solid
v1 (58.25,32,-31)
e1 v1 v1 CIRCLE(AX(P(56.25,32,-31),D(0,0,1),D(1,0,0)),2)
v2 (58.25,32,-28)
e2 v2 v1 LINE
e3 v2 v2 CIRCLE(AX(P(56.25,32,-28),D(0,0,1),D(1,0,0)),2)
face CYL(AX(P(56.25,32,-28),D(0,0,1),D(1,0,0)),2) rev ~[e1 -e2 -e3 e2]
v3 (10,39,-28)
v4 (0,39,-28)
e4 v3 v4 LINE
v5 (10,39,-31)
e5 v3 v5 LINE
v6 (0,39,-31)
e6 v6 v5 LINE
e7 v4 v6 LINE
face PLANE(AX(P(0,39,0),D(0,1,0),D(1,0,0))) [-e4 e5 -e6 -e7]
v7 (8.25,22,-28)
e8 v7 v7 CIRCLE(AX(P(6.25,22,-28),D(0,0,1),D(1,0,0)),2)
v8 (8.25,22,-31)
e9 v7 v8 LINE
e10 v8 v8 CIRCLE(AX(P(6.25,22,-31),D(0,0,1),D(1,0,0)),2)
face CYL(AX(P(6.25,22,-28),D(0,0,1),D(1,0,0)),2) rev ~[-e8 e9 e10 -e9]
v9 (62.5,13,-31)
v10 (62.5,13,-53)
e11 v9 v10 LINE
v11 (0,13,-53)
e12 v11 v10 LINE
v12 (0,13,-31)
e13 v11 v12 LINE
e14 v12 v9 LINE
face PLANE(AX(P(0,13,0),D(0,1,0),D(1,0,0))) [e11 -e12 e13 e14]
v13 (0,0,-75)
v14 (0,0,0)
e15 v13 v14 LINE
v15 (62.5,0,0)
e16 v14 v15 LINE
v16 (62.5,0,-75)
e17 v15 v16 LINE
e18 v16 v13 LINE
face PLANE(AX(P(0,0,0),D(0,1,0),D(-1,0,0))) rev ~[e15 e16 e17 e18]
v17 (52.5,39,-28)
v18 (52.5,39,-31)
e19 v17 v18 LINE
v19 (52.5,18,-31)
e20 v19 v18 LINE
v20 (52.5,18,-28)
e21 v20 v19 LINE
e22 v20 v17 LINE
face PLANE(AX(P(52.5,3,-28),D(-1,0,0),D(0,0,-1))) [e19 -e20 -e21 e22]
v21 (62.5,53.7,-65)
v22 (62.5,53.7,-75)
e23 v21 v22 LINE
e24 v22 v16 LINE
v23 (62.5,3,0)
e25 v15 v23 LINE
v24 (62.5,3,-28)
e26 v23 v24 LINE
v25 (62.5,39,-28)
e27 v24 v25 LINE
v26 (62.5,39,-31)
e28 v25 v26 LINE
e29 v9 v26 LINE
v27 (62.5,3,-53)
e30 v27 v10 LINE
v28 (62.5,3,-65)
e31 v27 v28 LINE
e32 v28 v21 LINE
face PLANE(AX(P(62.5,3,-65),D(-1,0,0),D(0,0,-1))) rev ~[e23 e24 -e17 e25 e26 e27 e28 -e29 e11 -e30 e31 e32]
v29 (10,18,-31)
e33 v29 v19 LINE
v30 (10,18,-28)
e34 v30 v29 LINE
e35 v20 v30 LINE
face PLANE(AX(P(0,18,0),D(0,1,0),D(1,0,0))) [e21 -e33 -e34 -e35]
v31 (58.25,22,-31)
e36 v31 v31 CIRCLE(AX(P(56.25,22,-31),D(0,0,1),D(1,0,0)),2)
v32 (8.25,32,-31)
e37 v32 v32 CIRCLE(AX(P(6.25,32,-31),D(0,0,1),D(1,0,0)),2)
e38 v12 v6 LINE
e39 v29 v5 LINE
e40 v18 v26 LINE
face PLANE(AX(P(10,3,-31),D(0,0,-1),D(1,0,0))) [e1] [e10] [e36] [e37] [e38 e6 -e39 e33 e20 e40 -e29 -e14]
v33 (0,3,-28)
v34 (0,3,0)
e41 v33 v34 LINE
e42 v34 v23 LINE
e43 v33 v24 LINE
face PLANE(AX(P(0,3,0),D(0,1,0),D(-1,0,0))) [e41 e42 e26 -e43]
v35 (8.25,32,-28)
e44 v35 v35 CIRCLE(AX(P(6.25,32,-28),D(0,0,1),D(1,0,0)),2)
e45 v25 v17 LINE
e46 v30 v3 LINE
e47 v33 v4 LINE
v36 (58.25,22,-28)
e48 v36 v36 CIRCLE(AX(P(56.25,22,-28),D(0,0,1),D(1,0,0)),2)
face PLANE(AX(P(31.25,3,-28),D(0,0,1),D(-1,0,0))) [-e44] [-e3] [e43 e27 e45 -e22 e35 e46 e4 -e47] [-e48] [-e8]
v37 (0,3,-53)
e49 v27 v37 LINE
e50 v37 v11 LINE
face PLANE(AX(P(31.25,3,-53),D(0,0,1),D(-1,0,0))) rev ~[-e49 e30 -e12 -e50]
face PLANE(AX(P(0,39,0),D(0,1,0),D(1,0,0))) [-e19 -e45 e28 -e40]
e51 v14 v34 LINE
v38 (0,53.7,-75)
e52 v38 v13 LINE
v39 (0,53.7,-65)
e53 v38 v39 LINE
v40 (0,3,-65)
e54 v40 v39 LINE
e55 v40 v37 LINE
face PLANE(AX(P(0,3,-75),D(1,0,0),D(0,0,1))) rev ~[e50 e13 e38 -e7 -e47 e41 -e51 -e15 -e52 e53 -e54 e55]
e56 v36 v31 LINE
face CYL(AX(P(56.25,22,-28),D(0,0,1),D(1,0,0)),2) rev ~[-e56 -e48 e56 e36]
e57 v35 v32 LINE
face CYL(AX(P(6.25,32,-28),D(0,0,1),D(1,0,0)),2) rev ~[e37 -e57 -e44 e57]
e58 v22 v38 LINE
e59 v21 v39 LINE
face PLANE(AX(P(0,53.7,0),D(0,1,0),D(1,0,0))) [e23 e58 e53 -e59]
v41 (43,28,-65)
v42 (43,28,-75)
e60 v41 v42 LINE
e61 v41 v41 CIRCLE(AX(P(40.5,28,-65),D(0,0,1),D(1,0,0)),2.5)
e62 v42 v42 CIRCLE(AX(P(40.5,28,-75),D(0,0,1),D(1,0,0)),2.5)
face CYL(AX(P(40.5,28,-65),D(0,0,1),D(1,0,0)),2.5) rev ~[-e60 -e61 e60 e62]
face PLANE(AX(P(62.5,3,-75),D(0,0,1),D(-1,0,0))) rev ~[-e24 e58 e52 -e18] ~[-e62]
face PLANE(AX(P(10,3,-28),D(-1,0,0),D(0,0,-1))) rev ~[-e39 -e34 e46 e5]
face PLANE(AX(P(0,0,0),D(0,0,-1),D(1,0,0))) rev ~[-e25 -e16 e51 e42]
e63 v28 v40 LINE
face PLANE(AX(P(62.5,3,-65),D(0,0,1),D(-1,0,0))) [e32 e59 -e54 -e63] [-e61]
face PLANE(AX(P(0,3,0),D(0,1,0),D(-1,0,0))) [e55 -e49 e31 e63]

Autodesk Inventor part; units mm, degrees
ref_plane "YZ Plane" through (0, 0, 0) normal (1, 0, 0) x (0, 1, 0)
ref_plane "XZ Plane" through (0, 0, 0) normal (0, 1, 0) x (-1, 0, 0)
ref_plane "XY Plane" through (0, 0, 0) normal (0, 0, 1) x (1, 0, 0)
sketch "Boceto1" plane through (0, 0, 0) normal (0, 1, 0) x (-1, 0, 0)
  line L0 (0, 0) -> (-62.5, 0)
  line L1 (-62.5, 0) -> (-62.5, -75)
  line L2 (-62.5, -75) -> (0, -75)
  line L3 (0, -75) -> (0, 0)
  dimension "d0" = 62.5
  dimension "d1" = 75
extrude "Extrusión1" add sketch "Boceto1" along normal blind 3
sketch "Boceto3" plane through (0, 3, 0) normal (0, 1, 0) x (1, 0, 0)
  line L0 (0, 0) -> (62.5, 0) construction
  line L1 (31.25, 0) -> (31.25, 28) construction
  line L2 (31.25, 28) -> (0, 28)
  line L3 (0, 28) -> (0, 31)
  line L4 (0, 75) -> (0, 0) projected
  line L5 (0, 31) -> (62.5, 31)
  line L6 (62.5, 0) -> (62.5, 75) projected
  line L7 (62.5, 28) -> (31.25, 28)
  line L8 (10, 28) -> (10, 31)
  line L9 (52.5, 28) -> (52.5, 31)
  line L10 (31.25, 31) -> (31.25, 53) construction
  line L11 (31.25, 53) -> (0, 53)
  line L12 (31.25, 53) -> (62.5, 53)
  line L13 (62.5, 75) -> (0, 75) construction
  line L14 (31.25, 75) -> (31.25, 65) construction
  line L15 (62.5, 65) -> (0, 65)
  line L16 (0, 65) -> (0, 75)
  line L17 (62.5, 75) -> (62.5, 65)
  line L18 (62.5, 75) -> (0, 75)
  dimension "d4" = 28
  dimension "d5" = 3
  dimension "d9" = 22
  dimension "d10" = 10
extrude "Extrusión2" add sketch "Boceto3" along normal blind 36 contours L2 L3 L5 L8 | L9 L5 L6 L7
extrude "Extrusión3" add sketch "Boceto3" along normal blind 15 contours L2 L8 L5 L9 L7
extrude "Extrusión4" add sketch "Boceto3" along normal blind 10 contours L5 L4 L11 L12 L6
extrude "Extrusión5" add sketch "Boceto3" along normal blind 50.7 contours L4 L18 L6 L15
sketch "Boceto4" plane through (0, 3, -28) normal (0, 0, 1) x (1, 0, 0)
  line L0 (62.5, 0) -> (0, 0) construction
  line L1 (62.5, 0) -> (62.5, 36) construction
  line L2 (52.5, 36) -> (62.5, 36) construction
  line L3 (52.5, 15) -> (52.5, 36) construction
  line L4 (10, 15) -> (52.5, 15) construction
  line L5 (10, 15) -> (10, 36) construction
  line L6 (0, 36) -> (10, 36) construction
  line L7 (0, 0) -> (0, 36) construction
  line L8 (0, 0) -> (0, 22) construction
  line L9 (0, 0) -> (0, 32) construction
  line L10 (0, -3) -> (0, 19) construction
  line L11 (0, 19) -> (62.5, 19) construction
  line L12 (0, -3) -> (0, 29) construction
  line L13 (0, 29) -> (62.5, 29) construction
  line L14 (0, 29) -> (6.25, 29) construction
  line L15 (0, 19) -> (6.25, 19) construction
  line L16 (62.5, 29) -> (56.25, 29) construction
  line L17 (62.5, 19) -> (56.25, 19) construction
  circle A0 centre (6.25, 29) radius 2
  circle A1 centre (6.25, 19) radius 2
  line L18 (62.5, -3) -> (0, -3) construction
  line L19 (31.25, -3) -> (31.25, 50.7118) construction
  circle A2 centre (56.25, 29) radius 2
  circle A3 centre (56.25, 19) radius 2
  dimension "d21" = 22
  dimension "d22" = 32
  dimension "d23" = 6.25
  dimension "d24" = 6.25
  dimension "d25" = 6.25
  dimension "d26" = 4
  dimension "d27" = 4
extrude "Extrusión6" cut sketch "Boceto4" against normal blind 20
sketch "Boceto5" plane through (0, 3, -65) normal (0, 0, 1) x (1, 0, 0)
  line L0 (62.5, -3) -> (0, -3) construction
  line L1 (0, -3) -> (0, 25) construction
  line L2 (0, 10) -> (0, 36) construction
  line L3 (0, -3) -> (40.5, -3) construction
  line L4 (40.5, -3) -> (40.5, 25) construction
  circle A0 centre (40.5, 25) radius 2.5
  dimension "d30" = 28
  dimension "d31" = 40.5
  dimension "d32" = 5
extrude "Extrusión7" cut sketch "Boceto5" against normal blind 20
properties part number "Mounting2"
